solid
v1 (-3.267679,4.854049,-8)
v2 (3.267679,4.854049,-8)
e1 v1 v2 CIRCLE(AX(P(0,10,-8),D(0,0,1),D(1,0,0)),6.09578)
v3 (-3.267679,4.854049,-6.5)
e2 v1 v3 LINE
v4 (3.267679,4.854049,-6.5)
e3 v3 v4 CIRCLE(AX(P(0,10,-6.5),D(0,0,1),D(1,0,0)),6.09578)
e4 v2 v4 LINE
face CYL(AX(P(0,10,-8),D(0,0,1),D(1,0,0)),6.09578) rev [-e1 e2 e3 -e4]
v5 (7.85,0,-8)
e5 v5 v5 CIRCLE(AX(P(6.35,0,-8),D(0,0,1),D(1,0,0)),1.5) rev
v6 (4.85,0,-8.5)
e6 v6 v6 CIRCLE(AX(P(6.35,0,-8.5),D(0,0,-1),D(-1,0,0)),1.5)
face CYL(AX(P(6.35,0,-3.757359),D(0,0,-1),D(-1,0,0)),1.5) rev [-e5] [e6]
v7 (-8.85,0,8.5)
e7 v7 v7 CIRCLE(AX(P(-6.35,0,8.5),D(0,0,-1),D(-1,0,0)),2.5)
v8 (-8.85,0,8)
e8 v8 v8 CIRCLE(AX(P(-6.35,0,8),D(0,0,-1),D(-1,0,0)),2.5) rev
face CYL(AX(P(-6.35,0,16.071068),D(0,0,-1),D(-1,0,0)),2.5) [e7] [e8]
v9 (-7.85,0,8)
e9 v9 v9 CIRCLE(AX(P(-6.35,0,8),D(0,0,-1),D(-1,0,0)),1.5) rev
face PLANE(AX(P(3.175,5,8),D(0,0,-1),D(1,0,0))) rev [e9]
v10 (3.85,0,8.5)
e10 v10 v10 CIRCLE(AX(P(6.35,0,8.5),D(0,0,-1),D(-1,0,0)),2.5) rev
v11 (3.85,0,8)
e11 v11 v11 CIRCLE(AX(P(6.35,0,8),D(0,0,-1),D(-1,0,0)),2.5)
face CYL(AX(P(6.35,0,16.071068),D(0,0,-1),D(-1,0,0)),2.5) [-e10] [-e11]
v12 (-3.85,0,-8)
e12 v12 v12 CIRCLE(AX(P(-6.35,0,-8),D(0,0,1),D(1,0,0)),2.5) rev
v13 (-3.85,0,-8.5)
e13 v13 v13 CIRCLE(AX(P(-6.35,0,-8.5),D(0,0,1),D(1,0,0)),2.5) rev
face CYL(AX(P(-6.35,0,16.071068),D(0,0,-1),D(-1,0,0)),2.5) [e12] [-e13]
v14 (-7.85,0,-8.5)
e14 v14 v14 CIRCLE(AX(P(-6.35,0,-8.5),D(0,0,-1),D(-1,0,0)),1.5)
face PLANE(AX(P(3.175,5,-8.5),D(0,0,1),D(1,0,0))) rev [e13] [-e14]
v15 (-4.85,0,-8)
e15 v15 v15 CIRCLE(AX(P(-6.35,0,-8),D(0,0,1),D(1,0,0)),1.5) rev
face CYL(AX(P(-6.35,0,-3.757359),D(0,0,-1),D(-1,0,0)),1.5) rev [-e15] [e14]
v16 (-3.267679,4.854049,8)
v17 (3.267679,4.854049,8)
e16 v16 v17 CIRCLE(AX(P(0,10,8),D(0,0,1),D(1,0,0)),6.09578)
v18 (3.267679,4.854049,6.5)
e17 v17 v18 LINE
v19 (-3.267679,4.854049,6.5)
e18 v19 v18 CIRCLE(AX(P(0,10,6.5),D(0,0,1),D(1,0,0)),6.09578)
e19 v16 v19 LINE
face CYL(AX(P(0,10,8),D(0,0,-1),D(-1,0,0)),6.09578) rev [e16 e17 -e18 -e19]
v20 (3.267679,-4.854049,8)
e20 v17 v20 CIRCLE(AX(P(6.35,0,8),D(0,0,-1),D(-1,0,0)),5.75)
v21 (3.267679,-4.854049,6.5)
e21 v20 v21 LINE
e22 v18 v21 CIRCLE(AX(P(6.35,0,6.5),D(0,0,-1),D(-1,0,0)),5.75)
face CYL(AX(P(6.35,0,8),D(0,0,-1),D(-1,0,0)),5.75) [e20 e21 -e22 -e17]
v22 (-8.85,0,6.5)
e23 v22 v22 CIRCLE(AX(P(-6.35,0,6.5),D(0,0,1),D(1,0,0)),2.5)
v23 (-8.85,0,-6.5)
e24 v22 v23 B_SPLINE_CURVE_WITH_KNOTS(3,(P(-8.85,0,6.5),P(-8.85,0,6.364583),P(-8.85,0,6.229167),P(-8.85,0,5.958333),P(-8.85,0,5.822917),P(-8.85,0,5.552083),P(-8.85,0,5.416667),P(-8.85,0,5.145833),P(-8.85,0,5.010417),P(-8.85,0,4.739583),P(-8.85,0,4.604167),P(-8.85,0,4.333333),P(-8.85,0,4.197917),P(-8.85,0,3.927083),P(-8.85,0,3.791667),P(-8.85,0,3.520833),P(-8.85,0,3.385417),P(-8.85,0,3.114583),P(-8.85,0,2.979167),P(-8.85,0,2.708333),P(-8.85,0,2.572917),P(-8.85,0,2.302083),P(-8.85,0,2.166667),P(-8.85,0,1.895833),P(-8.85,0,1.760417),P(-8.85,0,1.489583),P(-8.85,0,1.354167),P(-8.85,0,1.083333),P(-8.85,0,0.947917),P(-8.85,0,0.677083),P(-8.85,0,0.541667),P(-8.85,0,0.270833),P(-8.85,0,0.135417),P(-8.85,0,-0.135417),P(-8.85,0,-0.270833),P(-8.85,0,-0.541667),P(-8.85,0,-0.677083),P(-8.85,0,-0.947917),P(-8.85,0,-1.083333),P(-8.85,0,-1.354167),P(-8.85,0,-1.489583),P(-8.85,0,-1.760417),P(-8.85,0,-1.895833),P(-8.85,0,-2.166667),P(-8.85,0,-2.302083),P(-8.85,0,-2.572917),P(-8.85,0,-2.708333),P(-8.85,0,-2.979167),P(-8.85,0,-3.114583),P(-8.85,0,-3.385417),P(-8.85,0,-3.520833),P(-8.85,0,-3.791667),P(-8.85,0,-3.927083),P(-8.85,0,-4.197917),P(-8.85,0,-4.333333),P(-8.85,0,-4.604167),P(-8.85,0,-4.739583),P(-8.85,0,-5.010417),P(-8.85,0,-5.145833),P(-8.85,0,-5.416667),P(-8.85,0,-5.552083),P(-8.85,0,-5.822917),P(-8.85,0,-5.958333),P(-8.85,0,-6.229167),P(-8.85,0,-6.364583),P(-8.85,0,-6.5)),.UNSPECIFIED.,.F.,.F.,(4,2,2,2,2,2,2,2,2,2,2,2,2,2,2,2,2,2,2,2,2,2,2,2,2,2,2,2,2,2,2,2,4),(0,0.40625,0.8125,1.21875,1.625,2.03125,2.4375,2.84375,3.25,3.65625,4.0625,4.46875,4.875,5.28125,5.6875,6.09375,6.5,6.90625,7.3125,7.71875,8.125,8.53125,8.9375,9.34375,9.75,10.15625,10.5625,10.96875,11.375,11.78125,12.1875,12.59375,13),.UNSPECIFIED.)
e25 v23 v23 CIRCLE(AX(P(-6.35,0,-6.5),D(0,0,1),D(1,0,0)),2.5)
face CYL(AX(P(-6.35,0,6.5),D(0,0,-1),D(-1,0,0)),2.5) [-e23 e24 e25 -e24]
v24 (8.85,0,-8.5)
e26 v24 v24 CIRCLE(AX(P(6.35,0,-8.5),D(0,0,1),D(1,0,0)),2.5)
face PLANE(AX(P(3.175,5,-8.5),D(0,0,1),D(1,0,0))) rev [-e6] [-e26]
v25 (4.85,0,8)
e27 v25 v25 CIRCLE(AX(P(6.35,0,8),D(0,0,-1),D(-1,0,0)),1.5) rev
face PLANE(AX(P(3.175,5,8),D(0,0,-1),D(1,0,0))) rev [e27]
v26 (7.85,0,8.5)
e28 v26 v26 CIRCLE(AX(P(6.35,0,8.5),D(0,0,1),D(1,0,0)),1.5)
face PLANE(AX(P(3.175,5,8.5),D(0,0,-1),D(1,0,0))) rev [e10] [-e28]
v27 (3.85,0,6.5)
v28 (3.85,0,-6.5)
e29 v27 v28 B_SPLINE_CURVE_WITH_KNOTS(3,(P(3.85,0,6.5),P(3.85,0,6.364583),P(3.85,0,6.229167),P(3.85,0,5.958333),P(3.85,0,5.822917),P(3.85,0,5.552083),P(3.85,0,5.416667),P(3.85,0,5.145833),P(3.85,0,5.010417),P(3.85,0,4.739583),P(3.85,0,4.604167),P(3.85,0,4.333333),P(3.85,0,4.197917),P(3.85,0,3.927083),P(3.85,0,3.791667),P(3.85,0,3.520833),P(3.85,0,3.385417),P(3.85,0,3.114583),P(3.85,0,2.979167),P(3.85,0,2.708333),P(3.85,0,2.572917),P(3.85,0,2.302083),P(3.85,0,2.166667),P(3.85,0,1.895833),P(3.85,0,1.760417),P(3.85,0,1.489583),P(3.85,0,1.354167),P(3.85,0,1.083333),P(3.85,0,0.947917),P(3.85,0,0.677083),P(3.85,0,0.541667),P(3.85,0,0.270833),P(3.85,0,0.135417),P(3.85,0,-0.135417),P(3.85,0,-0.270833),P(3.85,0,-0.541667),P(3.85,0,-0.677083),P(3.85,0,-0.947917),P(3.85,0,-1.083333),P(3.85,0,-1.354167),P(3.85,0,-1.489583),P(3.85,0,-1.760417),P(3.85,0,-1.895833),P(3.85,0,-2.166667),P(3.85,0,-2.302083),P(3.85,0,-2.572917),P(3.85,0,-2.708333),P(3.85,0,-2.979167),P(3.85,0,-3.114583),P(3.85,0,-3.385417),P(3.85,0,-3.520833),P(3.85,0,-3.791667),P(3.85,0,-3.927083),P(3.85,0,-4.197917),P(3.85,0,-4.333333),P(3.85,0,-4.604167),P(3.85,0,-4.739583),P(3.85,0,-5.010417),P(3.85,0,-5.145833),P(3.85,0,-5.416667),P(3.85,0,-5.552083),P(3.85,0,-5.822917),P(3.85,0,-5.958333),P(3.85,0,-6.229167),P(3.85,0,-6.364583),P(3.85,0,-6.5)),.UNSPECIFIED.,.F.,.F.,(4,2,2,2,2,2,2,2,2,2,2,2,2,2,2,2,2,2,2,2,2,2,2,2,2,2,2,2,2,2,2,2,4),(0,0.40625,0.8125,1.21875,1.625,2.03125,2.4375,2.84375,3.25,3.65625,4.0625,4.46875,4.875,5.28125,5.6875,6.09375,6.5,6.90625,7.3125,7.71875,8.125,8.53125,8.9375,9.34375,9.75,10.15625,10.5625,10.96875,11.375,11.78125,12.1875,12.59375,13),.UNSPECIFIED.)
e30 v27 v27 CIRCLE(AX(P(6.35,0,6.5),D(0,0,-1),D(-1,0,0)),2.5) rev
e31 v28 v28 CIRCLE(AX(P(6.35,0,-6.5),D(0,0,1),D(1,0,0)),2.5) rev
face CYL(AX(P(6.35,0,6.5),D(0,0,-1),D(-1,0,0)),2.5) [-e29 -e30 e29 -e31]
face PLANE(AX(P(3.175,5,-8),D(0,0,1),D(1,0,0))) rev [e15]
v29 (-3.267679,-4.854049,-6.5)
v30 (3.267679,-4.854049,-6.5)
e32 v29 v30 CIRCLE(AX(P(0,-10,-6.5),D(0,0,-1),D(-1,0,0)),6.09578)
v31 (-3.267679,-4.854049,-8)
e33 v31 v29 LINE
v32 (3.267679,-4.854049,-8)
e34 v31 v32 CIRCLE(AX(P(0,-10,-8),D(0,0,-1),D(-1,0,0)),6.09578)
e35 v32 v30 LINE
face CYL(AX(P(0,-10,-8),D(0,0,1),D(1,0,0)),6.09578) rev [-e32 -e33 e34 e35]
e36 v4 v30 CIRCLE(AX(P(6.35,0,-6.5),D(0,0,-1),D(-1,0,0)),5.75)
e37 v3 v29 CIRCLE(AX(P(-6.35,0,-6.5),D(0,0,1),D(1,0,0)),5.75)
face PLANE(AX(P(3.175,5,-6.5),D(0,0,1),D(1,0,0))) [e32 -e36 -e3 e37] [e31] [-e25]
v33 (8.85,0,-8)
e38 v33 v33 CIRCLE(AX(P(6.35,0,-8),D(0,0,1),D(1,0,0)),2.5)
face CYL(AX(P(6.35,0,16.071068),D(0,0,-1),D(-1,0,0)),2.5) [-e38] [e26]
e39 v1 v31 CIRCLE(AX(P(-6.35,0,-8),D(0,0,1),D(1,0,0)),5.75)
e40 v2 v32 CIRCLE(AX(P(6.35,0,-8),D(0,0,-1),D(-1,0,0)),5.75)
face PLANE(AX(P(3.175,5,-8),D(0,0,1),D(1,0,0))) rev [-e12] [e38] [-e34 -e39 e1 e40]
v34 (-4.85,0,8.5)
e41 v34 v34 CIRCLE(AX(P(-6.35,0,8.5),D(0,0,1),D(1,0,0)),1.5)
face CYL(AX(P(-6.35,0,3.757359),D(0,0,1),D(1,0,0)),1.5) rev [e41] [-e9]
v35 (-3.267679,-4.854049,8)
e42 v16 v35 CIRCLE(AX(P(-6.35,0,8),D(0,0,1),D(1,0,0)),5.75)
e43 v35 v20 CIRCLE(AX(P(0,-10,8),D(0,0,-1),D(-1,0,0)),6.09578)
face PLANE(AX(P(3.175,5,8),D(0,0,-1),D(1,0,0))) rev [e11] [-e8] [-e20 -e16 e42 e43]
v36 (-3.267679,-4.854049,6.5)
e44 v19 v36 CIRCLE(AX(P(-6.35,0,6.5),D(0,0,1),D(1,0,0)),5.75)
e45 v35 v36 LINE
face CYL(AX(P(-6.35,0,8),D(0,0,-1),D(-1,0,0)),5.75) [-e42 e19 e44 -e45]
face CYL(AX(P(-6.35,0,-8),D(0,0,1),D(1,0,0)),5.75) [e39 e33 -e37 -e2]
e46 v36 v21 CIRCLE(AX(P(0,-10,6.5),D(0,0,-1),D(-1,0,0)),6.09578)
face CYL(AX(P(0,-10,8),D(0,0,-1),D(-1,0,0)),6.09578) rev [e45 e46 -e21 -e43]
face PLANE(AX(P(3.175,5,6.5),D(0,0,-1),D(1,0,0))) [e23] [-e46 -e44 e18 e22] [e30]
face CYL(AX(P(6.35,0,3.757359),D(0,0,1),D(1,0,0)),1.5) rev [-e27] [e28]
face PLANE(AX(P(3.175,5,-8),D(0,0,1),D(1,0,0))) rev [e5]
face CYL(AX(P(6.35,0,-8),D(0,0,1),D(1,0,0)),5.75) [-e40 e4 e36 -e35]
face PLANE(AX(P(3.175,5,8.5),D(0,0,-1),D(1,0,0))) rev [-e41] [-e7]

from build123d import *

# Parameters (mm, degrees)
SKETCH1_R                = 2.5
BOSS_EXTRUDE3_DEPTH      = 6.5
BOSS_EXTRUDE3_2_DEPTH    = 6.5
BOSS_EXTRUDE7_START      = -6.5
BOSS_EXTRUDE7_DEPTH      = 1.5
BOSS_EXTRUDE8_DEPTH      = 8.5
BOSS_EXTRUDE8_DEPTH_BACK = 8.5
SKETCH2_R                = 2.5
SKETCH3_R                = 1.5
CUT_EXTRUDE1_DEPTH       = 0.5
CUT_EXTRUDE2_START       = -0.5
SKETCH4_R                = 1.5
CUT_EXTRUDE2_DEPTH       = 0.5


with BuildPart() as part:
    # Sketch1 → Boss-Extrude3 (new, symmetric)
    with BuildSketch(Plane.XY):
        with Locations(Location((6.35, 0, 0), (0, 0, 180))):
            Circle(SKETCH1_R)
    extrude(amount=BOSS_EXTRUDE3_DEPTH, both=True)



with BuildPart() as body_2:
    # Sketch1 → Boss-Extrude3 2 (new, symmetric)
    with BuildSketch(Plane.XY):
        with Locations(Location((-6.35, 0, 0), (0, 0, 180))):
            Circle(SKETCH1_R)
    extrude(amount=BOSS_EXTRUDE3_2_DEPTH, both=True)


with BuildPart() as part_1:
    add(part.part)

    add(body_2.part)  # Boss-Extrude7 merges body 2
    # Sketch1<5> → Boss-Extrude7 (add)
    with BuildSketch(Plane.XY.offset(BOSS_EXTRUDE7_START)):
        with BuildLine():
            ThreePointArc((-3.267678659, 4.854049356), (-12.1, 0), (-3.267678659, -4.854049356))
            ThreePointArc((-3.267678659, -4.854049356), (0, -3.904220161), (3.267678659, -4.854049356))
            ThreePointArc((3.267678659, -4.854049356), (12.1, 0), (3.267678659, 4.854049356))
            ThreePointArc((3.267678659, 4.854049356), (0, 3.904220161), (-3.267678659, 4.854049356))
        make_face()
    boss_extrude7 = extrude(amount=-BOSS_EXTRUDE7_DEPTH)

    # Mirror1: Boss-Extrude7 across plane
    add(boss_extrude7.mirror(Plane.XY))

    # Sketch2 → Boss-Extrude8 (add, two sides: drawn at the far end of the back side and taken through both)
    with BuildSketch(Plane.XY.offset(-BOSS_EXTRUDE8_DEPTH_BACK)):
        with Locations(Location((-6.35, 0, 0), (0, 0, 180))):
            Circle(SKETCH2_R)
        with Locations(Location((6.35, 0, 0), (0, 0, 180))):
            Circle(SKETCH2_R)
    extrude(amount=BOSS_EXTRUDE8_DEPTH + BOSS_EXTRUDE8_DEPTH_BACK)

    # Sketch3 → Cut-Extrude1 (cut)
    with BuildSketch(Plane.XY.offset(8.5)):
        with Locations((-6.35, 0)):
            Circle(SKETCH3_R)
        with Locations((6.35, 0)):
            Circle(SKETCH3_R)
    extrude(amount=-CUT_EXTRUDE1_DEPTH, mode=Mode.SUBTRACT)

    # Sketch4 → Cut-Extrude2 (cut)
    with BuildSketch(Plane(origin=(0, 0, -8.5), x_dir=(-1, 0, 0), z_dir=(0, 0, -1)).offset(CUT_EXTRUDE2_START)):
        with Locations(Location((6.35, 0, 0), (0, 0, 180))):
            Circle(SKETCH4_R)
        with Locations(Location((-6.35, 0, 0), (0, 0, 180))):
            Circle(SKETCH4_R)
    extrude(amount=CUT_EXTRUDE2_DEPTH, mode=Mode.SUBTRACT)


solid = part_1.part
